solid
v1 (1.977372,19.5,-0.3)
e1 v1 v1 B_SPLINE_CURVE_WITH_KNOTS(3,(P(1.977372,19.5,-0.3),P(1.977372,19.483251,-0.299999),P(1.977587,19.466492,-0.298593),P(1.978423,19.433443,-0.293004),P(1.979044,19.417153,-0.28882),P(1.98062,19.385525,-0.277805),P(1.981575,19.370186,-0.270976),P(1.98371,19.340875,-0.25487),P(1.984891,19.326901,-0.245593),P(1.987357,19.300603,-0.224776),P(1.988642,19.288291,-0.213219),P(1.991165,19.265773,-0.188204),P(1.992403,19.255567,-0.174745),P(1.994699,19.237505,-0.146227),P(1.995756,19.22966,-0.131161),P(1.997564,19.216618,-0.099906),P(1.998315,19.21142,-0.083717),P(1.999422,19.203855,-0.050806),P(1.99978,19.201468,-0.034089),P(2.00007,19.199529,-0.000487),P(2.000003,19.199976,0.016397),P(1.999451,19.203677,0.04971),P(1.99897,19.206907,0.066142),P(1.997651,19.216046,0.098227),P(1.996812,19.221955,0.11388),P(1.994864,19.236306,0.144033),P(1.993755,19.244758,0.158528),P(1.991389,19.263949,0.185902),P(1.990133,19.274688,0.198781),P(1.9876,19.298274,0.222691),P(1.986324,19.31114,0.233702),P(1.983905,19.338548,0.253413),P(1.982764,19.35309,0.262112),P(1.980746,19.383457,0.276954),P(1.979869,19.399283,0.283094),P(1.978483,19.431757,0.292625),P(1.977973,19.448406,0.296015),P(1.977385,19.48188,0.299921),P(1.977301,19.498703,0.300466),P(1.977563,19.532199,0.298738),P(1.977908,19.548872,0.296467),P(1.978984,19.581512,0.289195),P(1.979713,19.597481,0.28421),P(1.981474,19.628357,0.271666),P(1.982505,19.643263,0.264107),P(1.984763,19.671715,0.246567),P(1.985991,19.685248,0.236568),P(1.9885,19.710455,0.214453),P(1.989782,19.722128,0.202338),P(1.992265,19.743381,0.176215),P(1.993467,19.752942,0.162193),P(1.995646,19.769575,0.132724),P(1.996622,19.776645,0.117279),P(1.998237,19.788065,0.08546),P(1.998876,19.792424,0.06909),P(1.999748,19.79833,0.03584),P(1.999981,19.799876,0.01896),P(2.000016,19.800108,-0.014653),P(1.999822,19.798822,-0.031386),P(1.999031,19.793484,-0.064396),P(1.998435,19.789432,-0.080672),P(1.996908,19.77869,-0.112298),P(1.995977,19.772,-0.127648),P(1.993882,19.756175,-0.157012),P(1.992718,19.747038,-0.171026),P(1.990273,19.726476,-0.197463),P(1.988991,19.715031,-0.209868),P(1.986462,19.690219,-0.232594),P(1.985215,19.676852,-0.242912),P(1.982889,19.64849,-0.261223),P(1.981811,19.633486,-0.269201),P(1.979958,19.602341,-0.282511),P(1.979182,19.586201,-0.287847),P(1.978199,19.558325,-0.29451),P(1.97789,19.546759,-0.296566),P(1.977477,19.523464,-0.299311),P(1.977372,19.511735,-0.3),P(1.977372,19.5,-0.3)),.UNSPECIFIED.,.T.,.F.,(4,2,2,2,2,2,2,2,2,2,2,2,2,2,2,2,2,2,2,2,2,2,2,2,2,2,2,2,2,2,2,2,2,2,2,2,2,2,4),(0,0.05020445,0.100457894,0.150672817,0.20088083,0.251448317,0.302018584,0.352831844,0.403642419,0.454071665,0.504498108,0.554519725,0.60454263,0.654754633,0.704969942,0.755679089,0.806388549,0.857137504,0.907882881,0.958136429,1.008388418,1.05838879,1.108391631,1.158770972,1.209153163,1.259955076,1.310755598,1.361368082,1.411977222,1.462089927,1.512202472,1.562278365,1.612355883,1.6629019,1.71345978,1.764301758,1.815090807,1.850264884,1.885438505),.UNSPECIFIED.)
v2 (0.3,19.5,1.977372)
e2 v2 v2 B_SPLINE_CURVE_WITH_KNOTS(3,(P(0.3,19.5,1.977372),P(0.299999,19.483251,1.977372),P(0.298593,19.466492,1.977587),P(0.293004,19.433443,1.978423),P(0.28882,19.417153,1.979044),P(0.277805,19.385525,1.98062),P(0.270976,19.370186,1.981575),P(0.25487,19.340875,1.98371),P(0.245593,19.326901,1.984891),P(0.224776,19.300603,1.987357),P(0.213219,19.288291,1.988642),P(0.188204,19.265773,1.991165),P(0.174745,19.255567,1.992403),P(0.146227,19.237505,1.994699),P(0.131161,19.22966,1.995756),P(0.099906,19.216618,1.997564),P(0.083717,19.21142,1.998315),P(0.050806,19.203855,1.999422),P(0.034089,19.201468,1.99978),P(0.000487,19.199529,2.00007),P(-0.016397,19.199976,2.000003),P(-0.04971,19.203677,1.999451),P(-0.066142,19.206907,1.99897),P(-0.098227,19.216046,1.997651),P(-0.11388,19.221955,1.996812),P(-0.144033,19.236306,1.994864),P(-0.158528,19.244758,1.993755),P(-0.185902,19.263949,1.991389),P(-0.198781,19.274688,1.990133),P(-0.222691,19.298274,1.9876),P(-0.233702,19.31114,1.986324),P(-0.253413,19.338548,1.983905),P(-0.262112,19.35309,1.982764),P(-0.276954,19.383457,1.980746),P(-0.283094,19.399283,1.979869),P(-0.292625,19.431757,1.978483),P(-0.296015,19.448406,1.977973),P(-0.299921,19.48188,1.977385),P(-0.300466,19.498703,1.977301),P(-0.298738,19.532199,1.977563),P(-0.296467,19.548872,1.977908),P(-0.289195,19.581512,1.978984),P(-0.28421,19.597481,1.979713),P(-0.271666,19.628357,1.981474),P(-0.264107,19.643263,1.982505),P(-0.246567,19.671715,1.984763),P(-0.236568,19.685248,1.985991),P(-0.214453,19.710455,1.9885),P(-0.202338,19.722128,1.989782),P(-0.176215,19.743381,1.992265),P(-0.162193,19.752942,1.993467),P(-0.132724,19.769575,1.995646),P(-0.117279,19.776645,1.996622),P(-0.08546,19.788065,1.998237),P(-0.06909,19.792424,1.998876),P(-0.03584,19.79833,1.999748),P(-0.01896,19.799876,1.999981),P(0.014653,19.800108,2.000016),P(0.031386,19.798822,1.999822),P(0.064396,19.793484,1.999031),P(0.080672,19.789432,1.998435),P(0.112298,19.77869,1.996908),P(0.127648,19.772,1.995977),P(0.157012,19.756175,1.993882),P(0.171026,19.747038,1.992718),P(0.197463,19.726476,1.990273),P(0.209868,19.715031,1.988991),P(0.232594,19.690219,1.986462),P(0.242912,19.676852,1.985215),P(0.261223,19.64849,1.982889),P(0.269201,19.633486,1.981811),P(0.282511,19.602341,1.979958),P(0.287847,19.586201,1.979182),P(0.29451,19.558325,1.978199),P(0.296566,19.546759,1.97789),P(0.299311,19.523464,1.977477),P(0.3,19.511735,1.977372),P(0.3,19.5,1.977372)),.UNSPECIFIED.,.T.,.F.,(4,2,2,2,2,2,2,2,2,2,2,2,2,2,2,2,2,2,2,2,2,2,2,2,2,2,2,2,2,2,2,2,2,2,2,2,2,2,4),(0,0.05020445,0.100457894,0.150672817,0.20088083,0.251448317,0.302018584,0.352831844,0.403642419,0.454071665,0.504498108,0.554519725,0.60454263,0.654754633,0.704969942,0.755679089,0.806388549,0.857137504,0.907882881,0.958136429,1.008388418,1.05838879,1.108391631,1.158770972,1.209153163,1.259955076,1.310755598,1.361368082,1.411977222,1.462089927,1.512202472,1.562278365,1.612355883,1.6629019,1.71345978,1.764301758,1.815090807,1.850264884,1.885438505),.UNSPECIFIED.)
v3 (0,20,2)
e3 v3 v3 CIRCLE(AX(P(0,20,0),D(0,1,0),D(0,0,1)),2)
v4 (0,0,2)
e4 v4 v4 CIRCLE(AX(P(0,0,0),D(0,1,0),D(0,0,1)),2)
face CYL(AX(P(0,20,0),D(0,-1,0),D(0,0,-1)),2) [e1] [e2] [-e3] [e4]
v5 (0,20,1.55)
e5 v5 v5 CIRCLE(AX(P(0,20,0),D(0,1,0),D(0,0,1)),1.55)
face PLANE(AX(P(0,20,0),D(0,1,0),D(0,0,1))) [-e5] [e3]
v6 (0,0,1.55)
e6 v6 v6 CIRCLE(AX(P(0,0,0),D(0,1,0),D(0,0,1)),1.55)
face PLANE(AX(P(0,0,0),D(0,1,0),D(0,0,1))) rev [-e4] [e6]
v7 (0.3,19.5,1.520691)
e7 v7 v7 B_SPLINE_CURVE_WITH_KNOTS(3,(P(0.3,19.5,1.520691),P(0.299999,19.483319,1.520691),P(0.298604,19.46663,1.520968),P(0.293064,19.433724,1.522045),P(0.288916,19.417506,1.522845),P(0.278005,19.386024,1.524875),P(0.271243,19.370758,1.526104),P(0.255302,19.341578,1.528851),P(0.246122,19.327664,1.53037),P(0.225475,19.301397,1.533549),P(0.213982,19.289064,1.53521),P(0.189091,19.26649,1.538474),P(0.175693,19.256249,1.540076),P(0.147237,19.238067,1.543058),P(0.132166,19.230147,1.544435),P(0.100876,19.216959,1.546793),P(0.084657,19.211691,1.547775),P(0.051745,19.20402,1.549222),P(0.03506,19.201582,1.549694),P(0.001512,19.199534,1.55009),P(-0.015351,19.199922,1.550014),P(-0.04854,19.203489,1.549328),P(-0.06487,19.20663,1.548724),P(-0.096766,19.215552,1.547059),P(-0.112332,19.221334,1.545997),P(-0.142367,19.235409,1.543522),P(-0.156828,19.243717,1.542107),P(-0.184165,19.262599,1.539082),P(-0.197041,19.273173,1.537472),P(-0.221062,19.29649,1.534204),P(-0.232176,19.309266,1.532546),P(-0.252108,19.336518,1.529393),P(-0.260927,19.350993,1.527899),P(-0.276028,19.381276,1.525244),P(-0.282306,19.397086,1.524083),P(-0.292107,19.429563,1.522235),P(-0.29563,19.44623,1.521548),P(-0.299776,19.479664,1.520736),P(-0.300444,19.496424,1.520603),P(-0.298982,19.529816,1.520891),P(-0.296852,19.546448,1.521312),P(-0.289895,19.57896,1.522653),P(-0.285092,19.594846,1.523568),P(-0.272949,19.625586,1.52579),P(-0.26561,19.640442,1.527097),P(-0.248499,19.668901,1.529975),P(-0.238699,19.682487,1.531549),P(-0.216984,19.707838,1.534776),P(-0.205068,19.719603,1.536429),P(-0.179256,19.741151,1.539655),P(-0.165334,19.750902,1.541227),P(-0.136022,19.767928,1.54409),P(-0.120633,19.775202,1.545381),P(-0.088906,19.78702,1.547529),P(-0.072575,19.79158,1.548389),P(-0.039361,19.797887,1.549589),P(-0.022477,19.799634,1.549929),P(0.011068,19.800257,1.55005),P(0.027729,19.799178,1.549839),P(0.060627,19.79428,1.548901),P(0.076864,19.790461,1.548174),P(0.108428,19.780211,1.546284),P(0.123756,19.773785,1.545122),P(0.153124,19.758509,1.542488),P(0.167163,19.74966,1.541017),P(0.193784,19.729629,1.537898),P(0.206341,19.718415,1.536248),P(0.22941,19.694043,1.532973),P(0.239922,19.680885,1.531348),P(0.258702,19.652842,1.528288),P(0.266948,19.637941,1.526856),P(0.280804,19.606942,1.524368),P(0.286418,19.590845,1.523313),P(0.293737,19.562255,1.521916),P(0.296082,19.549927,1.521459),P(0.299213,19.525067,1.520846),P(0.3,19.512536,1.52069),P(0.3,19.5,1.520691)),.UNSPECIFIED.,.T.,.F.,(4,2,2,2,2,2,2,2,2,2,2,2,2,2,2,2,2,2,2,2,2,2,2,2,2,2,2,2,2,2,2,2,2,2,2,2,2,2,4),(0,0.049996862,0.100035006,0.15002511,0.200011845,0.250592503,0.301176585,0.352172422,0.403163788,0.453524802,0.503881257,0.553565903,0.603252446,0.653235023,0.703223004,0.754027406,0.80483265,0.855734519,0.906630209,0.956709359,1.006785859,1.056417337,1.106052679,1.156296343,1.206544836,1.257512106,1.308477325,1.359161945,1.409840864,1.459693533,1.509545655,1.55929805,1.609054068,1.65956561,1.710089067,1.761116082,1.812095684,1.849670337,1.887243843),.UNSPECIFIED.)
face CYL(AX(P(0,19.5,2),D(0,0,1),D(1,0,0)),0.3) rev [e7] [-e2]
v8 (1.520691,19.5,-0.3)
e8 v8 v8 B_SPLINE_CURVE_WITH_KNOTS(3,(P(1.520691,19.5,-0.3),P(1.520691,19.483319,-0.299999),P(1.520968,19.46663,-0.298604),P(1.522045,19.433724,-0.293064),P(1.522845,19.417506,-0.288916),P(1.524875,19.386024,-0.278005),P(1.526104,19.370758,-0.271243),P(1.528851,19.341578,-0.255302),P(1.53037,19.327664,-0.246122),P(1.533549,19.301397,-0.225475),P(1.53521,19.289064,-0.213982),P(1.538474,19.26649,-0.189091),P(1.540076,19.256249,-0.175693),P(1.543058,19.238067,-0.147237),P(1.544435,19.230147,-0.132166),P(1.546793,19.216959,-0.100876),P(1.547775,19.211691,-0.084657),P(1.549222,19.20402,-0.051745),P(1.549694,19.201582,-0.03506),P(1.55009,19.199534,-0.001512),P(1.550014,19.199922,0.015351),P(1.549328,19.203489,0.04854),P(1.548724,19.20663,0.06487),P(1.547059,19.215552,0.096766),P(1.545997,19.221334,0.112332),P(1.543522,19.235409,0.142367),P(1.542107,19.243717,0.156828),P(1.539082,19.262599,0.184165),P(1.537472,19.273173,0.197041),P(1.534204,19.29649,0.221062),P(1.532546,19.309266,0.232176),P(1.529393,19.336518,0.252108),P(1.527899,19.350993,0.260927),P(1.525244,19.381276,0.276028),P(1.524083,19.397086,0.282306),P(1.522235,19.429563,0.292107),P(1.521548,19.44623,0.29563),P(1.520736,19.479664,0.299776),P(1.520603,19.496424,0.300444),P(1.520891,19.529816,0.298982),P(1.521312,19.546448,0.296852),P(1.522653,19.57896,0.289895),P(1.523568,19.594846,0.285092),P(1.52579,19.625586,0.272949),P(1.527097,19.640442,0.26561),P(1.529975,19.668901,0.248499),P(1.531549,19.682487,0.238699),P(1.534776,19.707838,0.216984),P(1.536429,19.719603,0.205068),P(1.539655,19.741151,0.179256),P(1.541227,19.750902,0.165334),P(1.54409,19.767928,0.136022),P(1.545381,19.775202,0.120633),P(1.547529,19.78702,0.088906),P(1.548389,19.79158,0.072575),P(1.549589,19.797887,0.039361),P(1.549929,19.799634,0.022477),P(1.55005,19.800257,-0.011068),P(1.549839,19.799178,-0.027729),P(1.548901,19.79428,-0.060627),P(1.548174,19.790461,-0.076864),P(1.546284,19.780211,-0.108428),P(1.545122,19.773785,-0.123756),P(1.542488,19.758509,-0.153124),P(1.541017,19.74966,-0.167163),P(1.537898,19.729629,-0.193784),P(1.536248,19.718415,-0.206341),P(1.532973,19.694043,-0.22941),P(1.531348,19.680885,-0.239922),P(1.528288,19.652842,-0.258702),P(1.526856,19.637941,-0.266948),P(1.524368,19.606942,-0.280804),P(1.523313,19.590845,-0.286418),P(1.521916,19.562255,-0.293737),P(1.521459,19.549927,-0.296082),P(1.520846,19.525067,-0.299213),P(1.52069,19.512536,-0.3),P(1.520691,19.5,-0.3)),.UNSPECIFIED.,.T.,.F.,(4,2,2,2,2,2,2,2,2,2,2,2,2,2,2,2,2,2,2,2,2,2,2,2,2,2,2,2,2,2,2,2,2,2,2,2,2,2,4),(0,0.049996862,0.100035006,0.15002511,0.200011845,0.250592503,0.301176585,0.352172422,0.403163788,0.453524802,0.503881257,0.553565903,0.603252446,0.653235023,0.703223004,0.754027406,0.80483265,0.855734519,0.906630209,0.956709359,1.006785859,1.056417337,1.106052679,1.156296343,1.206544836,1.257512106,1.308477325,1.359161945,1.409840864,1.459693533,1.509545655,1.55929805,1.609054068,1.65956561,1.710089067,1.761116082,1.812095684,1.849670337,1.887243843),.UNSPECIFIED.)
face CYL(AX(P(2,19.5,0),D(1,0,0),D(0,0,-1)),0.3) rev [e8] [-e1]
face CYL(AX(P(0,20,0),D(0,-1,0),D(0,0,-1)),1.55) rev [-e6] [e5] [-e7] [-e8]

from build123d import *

# Parameters (mm, degrees)
SKETCH1_R                                = 2
SKETCH1_R_2                              = 1.55
BOSS_EXTRUDE1_DEPTH                      = 20
F_0_6_0_6_DIAMETER_HOLE1_REACH           = 22.006
F_0_6_0_6_DIAMETER_HOLE1_BORE_R          = 0.3
F_0_6_0_6_DIAMETER_HOLE1_ON_FACE_2_REACH = 22.006
F_0_6_0_6_DIAMETER_HOLE1_BORE_2_R        = 0.3


with BuildPart() as part:
    # Sketch1 → Boss-Extrude1 (new body)
    with BuildSketch(Plane(origin=(0, 0, 0), x_dir=(1, 0, 0), z_dir=(0, 1, 0))):
        with Locations(Location((0, 0, 0), (0, 0, 270))):
            Circle(SKETCH1_R)
        with Locations(Location((0, 0, 0), (0, 0, 270))):
            Circle(SKETCH1_R_2, mode=Mode.SUBTRACT)
    extrude(amount=BOSS_EXTRUDE1_DEPTH)

    # Ø0.6 (0.6) Diameter Hole1 bore (on position points) → Ø0.6 (0.6) Diameter Hole1 (cut, up to next)
    with BuildSketch(Plane(origin=(2, 19.5, 0), x_dir=(0, 0, 1), z_dir=(1, 0, 0)), mode=Mode.PRIVATE) as f_0_6_0_6_diameter_hole1_sk1:
        Circle(F_0_6_0_6_DIAMETER_HOLE1_BORE_R)
    f_0_6_0_6_diameter_hole1_tool1 = extrude(f_0_6_0_6_diameter_hole1_sk1.sketch, amount=-F_0_6_0_6_DIAMETER_HOLE1_REACH, mode=Mode.PRIVATE) & part.part
    add(f_0_6_0_6_diameter_hole1_tool1.solids().sort_by_distance((2, 19.5, 0))[0], mode=Mode.SUBTRACT)

    # Ø0.6 (0.6) Diameter Hole1 bore 2 (on position points) → Ø0.6 (0.6) Diameter Hole1 on face 2 (cut, up to next)
    with BuildSketch(Plane(origin=(0, 19.5, 2), x_dir=(1, 0, 0), z_dir=(0, 0, 1)), mode=Mode.PRIVATE) as f_0_6_0_6_diameter_hole1_on_face_2_sk1:
        Circle(F_0_6_0_6_DIAMETER_HOLE1_BORE_2_R)
    f_0_6_0_6_diameter_hole1_on_face_2_tool1 = extrude(f_0_6_0_6_diameter_hole1_on_face_2_sk1.sketch, amount=-F_0_6_0_6_DIAMETER_HOLE1_ON_FACE_2_REACH, mode=Mode.PRIVATE) & part.part
    add(f_0_6_0_6_diameter_hole1_on_face_2_tool1.solids().sort_by_distance((0, 19.5, 2))[0], mode=Mode.SUBTRACT)


solid = part.part
